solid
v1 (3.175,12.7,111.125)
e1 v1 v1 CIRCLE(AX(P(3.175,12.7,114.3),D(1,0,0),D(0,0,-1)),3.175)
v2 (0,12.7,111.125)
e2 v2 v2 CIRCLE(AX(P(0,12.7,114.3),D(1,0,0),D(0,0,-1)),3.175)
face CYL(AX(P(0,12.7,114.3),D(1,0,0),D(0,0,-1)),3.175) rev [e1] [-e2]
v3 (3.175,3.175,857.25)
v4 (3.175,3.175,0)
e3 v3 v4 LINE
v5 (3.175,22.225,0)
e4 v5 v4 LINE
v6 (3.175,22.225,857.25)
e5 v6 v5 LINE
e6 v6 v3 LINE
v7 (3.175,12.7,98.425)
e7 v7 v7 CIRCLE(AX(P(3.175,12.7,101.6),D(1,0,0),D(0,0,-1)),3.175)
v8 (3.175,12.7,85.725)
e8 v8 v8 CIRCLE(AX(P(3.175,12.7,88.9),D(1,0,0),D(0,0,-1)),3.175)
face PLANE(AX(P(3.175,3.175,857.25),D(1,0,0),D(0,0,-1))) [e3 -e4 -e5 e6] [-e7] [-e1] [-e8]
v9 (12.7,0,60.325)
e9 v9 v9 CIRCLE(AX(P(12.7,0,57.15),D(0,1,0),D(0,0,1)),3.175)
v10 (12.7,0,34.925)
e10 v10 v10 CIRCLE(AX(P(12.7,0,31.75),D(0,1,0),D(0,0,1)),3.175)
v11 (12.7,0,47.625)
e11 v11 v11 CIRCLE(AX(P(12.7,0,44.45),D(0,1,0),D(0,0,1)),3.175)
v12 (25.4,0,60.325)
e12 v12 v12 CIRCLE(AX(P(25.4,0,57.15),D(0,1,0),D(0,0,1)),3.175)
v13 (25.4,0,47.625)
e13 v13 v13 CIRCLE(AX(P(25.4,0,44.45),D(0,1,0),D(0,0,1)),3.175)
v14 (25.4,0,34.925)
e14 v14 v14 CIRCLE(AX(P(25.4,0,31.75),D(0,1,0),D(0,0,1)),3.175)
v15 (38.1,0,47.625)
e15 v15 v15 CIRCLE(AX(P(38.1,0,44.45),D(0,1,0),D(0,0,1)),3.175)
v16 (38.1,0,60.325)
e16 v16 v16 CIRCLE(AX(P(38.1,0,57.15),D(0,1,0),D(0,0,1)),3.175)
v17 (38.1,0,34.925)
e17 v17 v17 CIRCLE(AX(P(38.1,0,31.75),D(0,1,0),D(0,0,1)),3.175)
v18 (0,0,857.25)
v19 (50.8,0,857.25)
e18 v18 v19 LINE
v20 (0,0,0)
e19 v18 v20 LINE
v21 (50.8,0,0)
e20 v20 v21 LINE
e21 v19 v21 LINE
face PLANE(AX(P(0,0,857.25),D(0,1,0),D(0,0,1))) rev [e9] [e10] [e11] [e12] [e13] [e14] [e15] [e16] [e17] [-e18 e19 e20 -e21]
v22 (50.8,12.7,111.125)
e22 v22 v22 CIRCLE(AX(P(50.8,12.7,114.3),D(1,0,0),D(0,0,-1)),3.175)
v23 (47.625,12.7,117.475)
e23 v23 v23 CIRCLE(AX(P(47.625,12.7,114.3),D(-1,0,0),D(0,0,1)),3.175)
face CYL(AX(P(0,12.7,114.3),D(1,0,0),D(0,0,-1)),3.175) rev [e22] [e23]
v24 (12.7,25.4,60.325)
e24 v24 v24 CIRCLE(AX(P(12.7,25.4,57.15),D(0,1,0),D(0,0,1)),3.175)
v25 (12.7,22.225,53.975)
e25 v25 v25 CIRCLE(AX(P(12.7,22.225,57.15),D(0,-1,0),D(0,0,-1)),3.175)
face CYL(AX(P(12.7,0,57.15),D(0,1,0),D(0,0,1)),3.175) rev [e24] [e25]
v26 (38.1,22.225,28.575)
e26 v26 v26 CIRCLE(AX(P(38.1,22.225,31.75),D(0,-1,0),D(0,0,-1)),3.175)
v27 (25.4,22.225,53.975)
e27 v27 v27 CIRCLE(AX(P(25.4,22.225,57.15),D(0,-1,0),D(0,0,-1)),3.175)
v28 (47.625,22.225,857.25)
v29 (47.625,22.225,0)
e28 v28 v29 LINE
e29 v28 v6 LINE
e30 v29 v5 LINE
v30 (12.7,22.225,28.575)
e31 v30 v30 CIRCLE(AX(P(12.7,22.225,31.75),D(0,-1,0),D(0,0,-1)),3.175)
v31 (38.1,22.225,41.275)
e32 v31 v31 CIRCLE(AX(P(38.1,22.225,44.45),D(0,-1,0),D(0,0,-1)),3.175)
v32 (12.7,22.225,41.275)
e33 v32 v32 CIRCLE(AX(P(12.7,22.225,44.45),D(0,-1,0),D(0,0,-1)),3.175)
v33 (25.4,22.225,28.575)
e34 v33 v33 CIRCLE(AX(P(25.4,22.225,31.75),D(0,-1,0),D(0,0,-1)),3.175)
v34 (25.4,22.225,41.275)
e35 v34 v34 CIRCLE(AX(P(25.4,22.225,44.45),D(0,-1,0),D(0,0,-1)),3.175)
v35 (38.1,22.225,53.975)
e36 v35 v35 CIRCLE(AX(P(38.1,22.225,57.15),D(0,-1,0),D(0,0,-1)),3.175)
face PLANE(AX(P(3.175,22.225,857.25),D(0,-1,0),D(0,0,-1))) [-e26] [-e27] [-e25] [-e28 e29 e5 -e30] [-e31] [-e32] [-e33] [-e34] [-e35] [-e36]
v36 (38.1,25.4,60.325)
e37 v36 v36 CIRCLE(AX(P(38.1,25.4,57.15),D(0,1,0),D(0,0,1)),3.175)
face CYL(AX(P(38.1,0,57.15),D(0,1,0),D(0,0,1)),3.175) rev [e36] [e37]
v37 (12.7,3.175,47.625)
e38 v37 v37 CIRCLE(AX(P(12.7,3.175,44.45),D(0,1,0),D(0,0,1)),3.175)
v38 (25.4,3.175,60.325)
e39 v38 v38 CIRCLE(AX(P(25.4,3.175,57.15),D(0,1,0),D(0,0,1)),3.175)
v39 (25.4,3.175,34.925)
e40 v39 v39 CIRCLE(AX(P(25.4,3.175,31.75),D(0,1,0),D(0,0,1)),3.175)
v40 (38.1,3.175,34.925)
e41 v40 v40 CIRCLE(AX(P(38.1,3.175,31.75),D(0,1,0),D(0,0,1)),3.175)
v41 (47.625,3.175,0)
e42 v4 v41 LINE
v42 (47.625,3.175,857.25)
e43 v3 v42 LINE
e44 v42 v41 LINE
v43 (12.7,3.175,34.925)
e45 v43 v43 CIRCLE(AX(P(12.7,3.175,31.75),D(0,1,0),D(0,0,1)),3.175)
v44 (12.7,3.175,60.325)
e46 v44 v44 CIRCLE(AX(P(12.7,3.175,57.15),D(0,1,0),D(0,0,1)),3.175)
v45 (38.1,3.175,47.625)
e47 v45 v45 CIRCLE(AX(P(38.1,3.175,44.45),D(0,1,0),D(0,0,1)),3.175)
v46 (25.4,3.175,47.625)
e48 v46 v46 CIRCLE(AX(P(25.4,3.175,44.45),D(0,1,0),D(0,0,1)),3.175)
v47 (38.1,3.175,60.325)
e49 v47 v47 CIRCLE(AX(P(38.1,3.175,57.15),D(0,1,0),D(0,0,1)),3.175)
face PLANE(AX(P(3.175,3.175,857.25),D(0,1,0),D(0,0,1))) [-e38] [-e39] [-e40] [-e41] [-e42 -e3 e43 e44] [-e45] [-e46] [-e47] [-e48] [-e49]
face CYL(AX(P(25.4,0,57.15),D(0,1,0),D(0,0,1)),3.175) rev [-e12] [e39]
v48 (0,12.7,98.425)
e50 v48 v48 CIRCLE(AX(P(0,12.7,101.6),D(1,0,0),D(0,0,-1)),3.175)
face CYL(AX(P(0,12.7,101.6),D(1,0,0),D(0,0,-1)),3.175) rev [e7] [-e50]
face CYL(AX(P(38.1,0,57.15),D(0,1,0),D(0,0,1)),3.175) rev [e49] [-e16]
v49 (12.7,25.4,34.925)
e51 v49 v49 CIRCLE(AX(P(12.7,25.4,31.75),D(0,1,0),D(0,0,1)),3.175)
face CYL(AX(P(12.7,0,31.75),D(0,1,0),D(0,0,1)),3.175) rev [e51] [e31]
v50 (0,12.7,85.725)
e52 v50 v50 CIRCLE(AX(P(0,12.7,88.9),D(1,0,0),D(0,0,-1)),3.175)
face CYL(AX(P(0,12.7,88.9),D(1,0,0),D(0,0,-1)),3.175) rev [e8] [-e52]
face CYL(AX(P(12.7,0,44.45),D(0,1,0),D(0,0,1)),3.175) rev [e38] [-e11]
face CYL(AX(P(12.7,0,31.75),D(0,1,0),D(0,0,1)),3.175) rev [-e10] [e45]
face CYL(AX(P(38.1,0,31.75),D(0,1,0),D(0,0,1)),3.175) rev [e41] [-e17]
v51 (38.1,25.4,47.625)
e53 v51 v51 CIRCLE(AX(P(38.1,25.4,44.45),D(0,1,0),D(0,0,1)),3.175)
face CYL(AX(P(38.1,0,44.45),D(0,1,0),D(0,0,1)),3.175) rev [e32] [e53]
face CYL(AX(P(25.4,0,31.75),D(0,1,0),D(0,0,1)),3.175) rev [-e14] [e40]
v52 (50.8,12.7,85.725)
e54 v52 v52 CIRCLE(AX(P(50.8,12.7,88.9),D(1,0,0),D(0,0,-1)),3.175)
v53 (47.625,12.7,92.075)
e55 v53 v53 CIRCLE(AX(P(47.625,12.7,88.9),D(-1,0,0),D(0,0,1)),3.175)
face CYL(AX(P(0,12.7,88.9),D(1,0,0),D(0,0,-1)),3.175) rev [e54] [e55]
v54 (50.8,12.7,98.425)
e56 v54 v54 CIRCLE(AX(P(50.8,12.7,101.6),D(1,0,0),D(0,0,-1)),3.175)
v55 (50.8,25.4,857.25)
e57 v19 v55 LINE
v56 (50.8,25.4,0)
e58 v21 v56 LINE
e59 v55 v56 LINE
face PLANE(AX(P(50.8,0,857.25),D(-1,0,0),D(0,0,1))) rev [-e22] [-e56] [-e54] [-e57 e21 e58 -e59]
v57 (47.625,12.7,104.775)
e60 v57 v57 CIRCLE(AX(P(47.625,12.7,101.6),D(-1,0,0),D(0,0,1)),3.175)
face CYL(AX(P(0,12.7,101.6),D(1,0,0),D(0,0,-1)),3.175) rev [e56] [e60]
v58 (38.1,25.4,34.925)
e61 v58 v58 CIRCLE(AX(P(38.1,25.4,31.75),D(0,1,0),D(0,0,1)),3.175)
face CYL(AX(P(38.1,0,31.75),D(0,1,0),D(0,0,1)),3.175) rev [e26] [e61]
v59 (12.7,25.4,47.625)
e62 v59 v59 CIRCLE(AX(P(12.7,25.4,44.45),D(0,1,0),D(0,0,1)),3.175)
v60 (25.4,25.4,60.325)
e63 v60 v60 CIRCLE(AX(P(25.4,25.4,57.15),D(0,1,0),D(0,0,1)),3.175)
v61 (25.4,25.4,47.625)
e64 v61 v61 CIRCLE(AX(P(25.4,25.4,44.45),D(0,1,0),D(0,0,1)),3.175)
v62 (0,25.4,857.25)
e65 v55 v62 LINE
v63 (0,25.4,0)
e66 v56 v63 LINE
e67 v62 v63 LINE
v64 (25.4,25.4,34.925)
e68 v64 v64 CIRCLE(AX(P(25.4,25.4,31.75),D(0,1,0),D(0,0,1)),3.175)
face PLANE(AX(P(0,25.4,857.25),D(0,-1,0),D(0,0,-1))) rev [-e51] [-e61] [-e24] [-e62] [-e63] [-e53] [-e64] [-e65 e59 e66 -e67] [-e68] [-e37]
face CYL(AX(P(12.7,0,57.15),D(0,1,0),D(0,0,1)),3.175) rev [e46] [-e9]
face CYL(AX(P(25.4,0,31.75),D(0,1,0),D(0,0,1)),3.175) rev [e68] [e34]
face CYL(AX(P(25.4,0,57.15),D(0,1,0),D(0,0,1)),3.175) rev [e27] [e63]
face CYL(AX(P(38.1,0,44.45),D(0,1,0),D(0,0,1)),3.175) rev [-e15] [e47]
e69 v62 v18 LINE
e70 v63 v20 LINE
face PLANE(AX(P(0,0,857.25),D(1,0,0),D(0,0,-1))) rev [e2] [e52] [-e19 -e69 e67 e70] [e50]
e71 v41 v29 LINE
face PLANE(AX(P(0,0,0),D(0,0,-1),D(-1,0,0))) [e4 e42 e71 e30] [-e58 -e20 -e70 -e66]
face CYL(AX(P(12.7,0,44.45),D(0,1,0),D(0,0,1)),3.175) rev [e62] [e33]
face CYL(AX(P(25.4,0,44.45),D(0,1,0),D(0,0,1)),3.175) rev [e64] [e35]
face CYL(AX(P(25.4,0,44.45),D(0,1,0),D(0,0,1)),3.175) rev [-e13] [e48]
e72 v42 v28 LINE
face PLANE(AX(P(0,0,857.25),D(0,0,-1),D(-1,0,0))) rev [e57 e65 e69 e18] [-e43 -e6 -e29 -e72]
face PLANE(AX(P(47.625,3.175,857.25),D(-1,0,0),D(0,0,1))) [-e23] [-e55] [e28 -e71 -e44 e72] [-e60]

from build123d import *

# Parameters (mm, degrees)
SKETCH1_W               = 50.8
SKETCH1_H               = 25.4
SKETCH1_W_2             = 44.45
SKETCH1_H_2             = 19.05
BOSS_EXTRUDE1_DEPTH     = 857.25
CUT_EXTRUDE1_DEPTH      = 860.129421275
CUT_EXTRUDE1_DEPTH_BACK = 860.129421275
SKETCH2_R               = 3.175
CUT_EXTRUDE2_DEPTH      = 860.129421275
CUT_EXTRUDE2_DEPTH_BACK = 860.129421275
SKETCH3_R               = 3.175


with BuildPart() as part:
    # Sketch1 → Boss-Extrude1 (new body)
    with BuildSketch(Plane.XY):
        with Locations((25.4, 12.7)):
            Rectangle(SKETCH1_W, SKETCH1_H)
        with Locations((25.4, 12.7)):
            Rectangle(SKETCH1_W_2, SKETCH1_H_2, mode=Mode.SUBTRACT)
    extrude(amount=BOSS_EXTRUDE1_DEPTH)

    # Sketch2 → Cut-Extrude1 (cut, two sides: drawn at the far end of the back side and taken through both)
    with BuildSketch(Plane(origin=(50.8, 0, 0), x_dir=(0, 0, -1), z_dir=(1, 0, 0)).offset(-CUT_EXTRUDE1_DEPTH_BACK)):
        with Locations((-88.9, 12.7)):
            Circle(SKETCH2_R)
        with Locations((-101.6, 12.7)):
            Circle(SKETCH2_R)
        with Locations((-114.3, 12.7)):
            Circle(SKETCH2_R)
    extrude(amount=CUT_EXTRUDE1_DEPTH + CUT_EXTRUDE1_DEPTH_BACK, mode=Mode.SUBTRACT)

    # Sketch3 → Cut-Extrude2 (cut, two sides: drawn at the far end of the back side and taken through both)
    with BuildSketch(Plane(origin=(0, 25.4, 0), x_dir=(1, 0, 0), z_dir=(0, 1, 0)).offset(-CUT_EXTRUDE2_DEPTH_BACK)):
        with Locations(Location((12.7, -31.75, 0), (0, 0, 270))):
            Circle(SKETCH3_R)
        with Locations(Location((25.4, -31.75, 0), (0, 0, 270))):
            Circle(SKETCH3_R)
        with Locations(Location((38.1, -31.75, 0), (0, 0, 270))):
            Circle(SKETCH3_R)
        with Locations(Location((25.4, -44.45, 0), (0, 0, 270))):
            Circle(SKETCH3_R)
        with Locations(Location((38.1, -44.45, 0), (0, 0, 270))):
            Circle(SKETCH3_R)
        with Locations(Location((25.4, -57.15, 0), (0, 0, 270))):
            Circle(SKETCH3_R)
        with Locations(Location((38.1, -57.15, 0), (0, 0, 270))):
            Circle(SKETCH3_R)
        with Locations(Location((12.7, -44.45, 0), (0, 0, 270))):
            Circle(SKETCH3_R)
        with Locations(Location((12.7, -57.15, 0), (0, 0, 270))):
            Circle(SKETCH3_R)
    extrude(amount=CUT_EXTRUDE2_DEPTH + CUT_EXTRUDE2_DEPTH_BACK, mode=Mode.SUBTRACT)


solid = part.part
